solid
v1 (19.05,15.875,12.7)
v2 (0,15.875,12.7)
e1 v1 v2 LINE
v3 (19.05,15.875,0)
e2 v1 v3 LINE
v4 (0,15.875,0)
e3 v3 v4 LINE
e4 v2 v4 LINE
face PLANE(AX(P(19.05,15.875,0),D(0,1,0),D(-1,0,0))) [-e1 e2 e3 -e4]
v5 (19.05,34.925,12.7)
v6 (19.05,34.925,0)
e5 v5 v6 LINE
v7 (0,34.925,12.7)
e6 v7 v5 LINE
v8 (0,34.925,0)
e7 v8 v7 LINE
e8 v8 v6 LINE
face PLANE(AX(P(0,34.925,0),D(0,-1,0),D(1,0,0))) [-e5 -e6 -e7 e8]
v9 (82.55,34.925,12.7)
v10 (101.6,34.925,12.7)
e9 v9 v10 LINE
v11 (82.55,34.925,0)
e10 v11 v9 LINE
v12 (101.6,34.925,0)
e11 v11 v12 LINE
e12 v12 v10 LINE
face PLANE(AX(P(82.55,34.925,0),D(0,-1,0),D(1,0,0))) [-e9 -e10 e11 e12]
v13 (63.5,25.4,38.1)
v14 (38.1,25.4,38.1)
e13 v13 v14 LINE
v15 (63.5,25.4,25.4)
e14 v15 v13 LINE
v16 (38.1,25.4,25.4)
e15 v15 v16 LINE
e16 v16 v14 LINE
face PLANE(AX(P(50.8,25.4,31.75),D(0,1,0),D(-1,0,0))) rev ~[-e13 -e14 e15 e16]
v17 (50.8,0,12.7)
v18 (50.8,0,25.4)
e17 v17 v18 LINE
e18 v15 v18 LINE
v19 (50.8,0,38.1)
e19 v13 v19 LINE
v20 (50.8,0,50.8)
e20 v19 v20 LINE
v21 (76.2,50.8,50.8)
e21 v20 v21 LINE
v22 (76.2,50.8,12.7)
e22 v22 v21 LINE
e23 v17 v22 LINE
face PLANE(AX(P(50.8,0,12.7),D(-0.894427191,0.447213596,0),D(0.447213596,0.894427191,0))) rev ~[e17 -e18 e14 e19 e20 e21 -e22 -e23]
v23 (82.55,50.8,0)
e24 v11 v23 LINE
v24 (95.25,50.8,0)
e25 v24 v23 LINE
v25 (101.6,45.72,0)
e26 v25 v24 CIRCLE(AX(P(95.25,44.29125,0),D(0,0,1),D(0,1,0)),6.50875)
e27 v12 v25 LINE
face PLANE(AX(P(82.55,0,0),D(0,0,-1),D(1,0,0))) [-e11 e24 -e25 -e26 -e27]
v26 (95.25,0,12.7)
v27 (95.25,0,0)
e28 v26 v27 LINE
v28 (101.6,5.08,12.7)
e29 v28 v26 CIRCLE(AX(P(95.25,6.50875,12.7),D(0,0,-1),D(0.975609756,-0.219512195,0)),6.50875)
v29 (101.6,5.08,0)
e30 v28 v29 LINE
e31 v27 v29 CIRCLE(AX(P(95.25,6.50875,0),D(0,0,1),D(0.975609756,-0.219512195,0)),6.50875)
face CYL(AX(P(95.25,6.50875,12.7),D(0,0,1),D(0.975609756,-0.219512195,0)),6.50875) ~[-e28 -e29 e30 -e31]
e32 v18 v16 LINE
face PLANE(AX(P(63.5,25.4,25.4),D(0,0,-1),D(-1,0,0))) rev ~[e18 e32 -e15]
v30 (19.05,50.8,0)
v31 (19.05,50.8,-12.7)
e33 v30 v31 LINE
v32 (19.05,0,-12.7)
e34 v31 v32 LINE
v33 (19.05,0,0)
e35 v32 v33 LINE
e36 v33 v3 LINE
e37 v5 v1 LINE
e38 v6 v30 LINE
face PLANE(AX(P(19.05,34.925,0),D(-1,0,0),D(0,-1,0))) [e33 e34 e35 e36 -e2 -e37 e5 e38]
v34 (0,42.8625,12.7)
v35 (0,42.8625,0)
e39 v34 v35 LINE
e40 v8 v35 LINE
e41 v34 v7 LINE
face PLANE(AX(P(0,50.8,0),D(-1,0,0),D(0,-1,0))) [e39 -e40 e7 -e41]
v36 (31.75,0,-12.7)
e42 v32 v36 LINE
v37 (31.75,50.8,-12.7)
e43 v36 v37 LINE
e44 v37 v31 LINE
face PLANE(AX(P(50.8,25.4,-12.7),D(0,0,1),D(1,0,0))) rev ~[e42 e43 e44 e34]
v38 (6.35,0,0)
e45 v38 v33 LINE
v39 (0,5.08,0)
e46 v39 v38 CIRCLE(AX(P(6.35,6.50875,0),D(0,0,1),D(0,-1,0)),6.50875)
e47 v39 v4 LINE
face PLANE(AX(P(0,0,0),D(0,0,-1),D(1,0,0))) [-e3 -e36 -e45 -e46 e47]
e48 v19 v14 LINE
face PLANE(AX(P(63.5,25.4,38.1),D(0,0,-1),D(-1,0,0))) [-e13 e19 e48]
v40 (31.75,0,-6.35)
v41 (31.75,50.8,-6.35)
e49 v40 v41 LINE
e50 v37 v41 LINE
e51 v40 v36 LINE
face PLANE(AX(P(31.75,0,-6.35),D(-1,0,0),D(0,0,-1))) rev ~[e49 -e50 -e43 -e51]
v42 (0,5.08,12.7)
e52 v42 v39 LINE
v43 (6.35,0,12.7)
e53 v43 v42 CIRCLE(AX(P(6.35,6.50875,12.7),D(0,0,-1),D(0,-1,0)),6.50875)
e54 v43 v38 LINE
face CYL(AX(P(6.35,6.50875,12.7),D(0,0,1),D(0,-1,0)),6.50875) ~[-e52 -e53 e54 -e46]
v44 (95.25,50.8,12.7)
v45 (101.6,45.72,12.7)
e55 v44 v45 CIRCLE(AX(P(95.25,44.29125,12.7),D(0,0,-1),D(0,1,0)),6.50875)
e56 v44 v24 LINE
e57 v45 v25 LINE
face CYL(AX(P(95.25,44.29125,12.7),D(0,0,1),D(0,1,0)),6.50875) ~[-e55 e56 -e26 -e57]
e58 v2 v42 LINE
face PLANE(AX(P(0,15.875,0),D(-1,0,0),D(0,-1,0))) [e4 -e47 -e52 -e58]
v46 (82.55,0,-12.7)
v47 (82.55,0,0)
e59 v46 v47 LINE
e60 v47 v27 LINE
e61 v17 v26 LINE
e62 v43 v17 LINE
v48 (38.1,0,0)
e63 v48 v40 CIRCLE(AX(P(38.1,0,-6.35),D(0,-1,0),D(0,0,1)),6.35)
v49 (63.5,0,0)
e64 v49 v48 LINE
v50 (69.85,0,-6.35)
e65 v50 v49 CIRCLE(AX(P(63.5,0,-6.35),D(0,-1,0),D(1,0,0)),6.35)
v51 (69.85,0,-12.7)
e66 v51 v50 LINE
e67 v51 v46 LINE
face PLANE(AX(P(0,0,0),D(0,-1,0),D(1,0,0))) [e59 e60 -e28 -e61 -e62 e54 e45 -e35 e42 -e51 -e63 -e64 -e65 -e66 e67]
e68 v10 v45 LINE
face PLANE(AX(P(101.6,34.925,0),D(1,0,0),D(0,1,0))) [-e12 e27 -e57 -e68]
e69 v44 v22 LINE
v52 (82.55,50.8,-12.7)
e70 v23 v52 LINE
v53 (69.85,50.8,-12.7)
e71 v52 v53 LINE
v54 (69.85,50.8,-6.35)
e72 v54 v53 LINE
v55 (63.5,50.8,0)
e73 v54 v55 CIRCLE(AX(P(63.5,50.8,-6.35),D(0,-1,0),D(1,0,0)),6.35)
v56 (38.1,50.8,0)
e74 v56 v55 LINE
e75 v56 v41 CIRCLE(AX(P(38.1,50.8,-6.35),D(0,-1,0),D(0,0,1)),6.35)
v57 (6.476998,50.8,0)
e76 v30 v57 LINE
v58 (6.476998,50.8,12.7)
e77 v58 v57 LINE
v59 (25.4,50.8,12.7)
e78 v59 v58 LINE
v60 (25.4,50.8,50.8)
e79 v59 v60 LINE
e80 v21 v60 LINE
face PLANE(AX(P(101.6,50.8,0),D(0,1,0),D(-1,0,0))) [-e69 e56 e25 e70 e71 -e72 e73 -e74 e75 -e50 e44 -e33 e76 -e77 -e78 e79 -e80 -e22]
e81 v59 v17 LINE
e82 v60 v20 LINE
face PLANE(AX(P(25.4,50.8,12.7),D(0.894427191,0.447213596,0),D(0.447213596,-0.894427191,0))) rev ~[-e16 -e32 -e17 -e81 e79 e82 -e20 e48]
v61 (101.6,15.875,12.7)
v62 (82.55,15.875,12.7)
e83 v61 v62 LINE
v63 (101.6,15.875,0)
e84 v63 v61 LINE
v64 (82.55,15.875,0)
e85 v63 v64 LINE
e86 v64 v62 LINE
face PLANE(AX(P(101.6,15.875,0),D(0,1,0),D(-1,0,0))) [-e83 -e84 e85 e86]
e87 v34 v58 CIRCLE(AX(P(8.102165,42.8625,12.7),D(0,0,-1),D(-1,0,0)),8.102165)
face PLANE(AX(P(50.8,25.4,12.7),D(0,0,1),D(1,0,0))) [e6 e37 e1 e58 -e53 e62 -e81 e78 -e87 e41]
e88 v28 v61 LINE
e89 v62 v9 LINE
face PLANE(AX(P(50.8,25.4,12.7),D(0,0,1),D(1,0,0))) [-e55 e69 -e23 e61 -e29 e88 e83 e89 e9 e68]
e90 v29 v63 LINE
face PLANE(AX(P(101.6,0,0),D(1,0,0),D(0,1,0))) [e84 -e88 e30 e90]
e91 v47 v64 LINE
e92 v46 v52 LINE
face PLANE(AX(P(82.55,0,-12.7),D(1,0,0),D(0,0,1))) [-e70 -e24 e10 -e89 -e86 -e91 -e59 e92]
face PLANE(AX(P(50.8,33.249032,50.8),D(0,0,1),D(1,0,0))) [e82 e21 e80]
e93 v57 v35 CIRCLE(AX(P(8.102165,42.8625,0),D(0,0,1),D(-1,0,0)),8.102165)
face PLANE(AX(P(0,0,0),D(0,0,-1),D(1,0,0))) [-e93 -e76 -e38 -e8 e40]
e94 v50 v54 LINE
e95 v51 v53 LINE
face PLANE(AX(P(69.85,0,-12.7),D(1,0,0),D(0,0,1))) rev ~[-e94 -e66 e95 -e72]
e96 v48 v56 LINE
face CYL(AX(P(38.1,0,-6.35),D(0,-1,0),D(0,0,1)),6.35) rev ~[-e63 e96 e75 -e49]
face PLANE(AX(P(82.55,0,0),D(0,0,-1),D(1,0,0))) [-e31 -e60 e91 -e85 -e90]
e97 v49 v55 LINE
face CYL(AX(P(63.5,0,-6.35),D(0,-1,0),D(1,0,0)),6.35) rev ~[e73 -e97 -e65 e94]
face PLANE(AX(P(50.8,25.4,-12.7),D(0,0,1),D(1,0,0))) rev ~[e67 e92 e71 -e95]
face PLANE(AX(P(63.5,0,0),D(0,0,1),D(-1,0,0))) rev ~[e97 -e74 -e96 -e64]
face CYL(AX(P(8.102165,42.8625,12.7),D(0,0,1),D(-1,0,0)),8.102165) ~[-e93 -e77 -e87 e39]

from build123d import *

# Parameters (mm, degrees)
F1_DEPTH  = 12.7
F3_DEPTH  = 38.1
F4_W      = 19.05
F4_H      = 12.7
F5_DEPTH  = 50.801
F7_START  = -25.4
F6_W      = 25.4
F6_H      = 12.7
F7_DEPTH  = 72.90484
F9_DEPTH  = 25.401
F11_DEPTH = 25.401


with BuildPart() as f1:
    # F0 (on Top) → F1 (new body, symmetric)
    with BuildSketch(Plane.XY):
        Polygon((0, 15.875), (0, 0), (101.6, 0), (101.6, 15.875), (82.55, 15.875), (82.55, 34.925), (101.6, 34.925), (101.6, 50.8), (0, 50.8), (0, 34.925), (19.05, 34.925), (19.05, 15.875), align=None)
    extrude(amount=F1_DEPTH, both=True)

    # F2 (on face) → F3 (join)
    with BuildSketch(Plane.XY.offset(12.7)):
        Polygon((76.2, 50.8), (25.4, 50.8), (50.8, 0), align=None)
    extrude(amount=F3_DEPTH)

    # F4 (on face) → F5 (cut, through all)
    with BuildSketch(Plane.XZ):
        with Locations((9.525, -6.35)):
            Rectangle(F4_W, F4_H)
        with BuildLine():
            Line((31.75, -12.7), (69.85, -12.7))
            Line((69.85, -12.7), (69.85, -6.35))
            ThreePointArc((69.85, -6.35), (67.9901280605, -1.8598719395), (63.5, 0))
            Line((63.5, 0), (38.1, 0))
            ThreePointArc((38.1, 0), (33.6098719395, -1.8598719395), (31.75, -6.35))
            Line((31.75, -6.35), (31.75, -12.7))
        make_face()
        with Locations((92.075, -6.35)):
            Rectangle(F4_W, F4_H)
    extrude(amount=-F5_DEPTH, mode=Mode.SUBTRACT)

    # F6 (on face) → F7 (cut)
    with BuildSketch(Plane(origin=(0, 50.8, 0), x_dir=(-1, 0, 0), z_dir=(0, 1, 0)).offset(F7_START)):
        with Locations((-50.8, 31.75)):
            Rectangle(F6_W, F6_H)
    extrude(amount=-F7_DEPTH, mode=Mode.SUBTRACT)

    # F8 (on face) → F9 (cut, through all)
    with BuildSketch(Plane.XY.offset(12.7)):
        with BuildLine():
            Line((0, 50.8), (0, 42.8625))
            ThreePointArc((0, 42.8625), (1.8247273895, 47.9848874708), (6.4769983292, 50.8))
            Line((6.4769983292, 50.8), (0, 50.8))
        make_face()
        with BuildLine():
            ThreePointArc((6.35, 0), (2.2840161092, 1.4262701365), (0, 5.08))
            Line((0, 5.08), (0, 0))
            Line((0, 0), (6.35, 0))
        make_face()
    extrude(amount=-F9_DEPTH, mode=Mode.SUBTRACT)

    # F10 (on face) → F11 (cut, through all)
    with BuildSketch(Plane.XY.offset(12.7)):
        with BuildLine():
            Line((101.6, 50.8), (95.25, 50.8))
            ThreePointArc((95.25, 50.8), (99.3159838908, 49.3737298635), (101.6, 45.72))
            Line((101.6, 45.72), (101.6, 50.8))
        make_face()
        with BuildLine():
            ThreePointArc((101.6, 5.08), (99.3159838908, 1.4262701365), (95.25, 0))
            Line((95.25, 0), (101.6, 0))
            Line((101.6, 0), (101.6, 5.08))
        make_face()
    extrude(amount=-F11_DEPTH, mode=Mode.SUBTRACT)


solid = f1.part
